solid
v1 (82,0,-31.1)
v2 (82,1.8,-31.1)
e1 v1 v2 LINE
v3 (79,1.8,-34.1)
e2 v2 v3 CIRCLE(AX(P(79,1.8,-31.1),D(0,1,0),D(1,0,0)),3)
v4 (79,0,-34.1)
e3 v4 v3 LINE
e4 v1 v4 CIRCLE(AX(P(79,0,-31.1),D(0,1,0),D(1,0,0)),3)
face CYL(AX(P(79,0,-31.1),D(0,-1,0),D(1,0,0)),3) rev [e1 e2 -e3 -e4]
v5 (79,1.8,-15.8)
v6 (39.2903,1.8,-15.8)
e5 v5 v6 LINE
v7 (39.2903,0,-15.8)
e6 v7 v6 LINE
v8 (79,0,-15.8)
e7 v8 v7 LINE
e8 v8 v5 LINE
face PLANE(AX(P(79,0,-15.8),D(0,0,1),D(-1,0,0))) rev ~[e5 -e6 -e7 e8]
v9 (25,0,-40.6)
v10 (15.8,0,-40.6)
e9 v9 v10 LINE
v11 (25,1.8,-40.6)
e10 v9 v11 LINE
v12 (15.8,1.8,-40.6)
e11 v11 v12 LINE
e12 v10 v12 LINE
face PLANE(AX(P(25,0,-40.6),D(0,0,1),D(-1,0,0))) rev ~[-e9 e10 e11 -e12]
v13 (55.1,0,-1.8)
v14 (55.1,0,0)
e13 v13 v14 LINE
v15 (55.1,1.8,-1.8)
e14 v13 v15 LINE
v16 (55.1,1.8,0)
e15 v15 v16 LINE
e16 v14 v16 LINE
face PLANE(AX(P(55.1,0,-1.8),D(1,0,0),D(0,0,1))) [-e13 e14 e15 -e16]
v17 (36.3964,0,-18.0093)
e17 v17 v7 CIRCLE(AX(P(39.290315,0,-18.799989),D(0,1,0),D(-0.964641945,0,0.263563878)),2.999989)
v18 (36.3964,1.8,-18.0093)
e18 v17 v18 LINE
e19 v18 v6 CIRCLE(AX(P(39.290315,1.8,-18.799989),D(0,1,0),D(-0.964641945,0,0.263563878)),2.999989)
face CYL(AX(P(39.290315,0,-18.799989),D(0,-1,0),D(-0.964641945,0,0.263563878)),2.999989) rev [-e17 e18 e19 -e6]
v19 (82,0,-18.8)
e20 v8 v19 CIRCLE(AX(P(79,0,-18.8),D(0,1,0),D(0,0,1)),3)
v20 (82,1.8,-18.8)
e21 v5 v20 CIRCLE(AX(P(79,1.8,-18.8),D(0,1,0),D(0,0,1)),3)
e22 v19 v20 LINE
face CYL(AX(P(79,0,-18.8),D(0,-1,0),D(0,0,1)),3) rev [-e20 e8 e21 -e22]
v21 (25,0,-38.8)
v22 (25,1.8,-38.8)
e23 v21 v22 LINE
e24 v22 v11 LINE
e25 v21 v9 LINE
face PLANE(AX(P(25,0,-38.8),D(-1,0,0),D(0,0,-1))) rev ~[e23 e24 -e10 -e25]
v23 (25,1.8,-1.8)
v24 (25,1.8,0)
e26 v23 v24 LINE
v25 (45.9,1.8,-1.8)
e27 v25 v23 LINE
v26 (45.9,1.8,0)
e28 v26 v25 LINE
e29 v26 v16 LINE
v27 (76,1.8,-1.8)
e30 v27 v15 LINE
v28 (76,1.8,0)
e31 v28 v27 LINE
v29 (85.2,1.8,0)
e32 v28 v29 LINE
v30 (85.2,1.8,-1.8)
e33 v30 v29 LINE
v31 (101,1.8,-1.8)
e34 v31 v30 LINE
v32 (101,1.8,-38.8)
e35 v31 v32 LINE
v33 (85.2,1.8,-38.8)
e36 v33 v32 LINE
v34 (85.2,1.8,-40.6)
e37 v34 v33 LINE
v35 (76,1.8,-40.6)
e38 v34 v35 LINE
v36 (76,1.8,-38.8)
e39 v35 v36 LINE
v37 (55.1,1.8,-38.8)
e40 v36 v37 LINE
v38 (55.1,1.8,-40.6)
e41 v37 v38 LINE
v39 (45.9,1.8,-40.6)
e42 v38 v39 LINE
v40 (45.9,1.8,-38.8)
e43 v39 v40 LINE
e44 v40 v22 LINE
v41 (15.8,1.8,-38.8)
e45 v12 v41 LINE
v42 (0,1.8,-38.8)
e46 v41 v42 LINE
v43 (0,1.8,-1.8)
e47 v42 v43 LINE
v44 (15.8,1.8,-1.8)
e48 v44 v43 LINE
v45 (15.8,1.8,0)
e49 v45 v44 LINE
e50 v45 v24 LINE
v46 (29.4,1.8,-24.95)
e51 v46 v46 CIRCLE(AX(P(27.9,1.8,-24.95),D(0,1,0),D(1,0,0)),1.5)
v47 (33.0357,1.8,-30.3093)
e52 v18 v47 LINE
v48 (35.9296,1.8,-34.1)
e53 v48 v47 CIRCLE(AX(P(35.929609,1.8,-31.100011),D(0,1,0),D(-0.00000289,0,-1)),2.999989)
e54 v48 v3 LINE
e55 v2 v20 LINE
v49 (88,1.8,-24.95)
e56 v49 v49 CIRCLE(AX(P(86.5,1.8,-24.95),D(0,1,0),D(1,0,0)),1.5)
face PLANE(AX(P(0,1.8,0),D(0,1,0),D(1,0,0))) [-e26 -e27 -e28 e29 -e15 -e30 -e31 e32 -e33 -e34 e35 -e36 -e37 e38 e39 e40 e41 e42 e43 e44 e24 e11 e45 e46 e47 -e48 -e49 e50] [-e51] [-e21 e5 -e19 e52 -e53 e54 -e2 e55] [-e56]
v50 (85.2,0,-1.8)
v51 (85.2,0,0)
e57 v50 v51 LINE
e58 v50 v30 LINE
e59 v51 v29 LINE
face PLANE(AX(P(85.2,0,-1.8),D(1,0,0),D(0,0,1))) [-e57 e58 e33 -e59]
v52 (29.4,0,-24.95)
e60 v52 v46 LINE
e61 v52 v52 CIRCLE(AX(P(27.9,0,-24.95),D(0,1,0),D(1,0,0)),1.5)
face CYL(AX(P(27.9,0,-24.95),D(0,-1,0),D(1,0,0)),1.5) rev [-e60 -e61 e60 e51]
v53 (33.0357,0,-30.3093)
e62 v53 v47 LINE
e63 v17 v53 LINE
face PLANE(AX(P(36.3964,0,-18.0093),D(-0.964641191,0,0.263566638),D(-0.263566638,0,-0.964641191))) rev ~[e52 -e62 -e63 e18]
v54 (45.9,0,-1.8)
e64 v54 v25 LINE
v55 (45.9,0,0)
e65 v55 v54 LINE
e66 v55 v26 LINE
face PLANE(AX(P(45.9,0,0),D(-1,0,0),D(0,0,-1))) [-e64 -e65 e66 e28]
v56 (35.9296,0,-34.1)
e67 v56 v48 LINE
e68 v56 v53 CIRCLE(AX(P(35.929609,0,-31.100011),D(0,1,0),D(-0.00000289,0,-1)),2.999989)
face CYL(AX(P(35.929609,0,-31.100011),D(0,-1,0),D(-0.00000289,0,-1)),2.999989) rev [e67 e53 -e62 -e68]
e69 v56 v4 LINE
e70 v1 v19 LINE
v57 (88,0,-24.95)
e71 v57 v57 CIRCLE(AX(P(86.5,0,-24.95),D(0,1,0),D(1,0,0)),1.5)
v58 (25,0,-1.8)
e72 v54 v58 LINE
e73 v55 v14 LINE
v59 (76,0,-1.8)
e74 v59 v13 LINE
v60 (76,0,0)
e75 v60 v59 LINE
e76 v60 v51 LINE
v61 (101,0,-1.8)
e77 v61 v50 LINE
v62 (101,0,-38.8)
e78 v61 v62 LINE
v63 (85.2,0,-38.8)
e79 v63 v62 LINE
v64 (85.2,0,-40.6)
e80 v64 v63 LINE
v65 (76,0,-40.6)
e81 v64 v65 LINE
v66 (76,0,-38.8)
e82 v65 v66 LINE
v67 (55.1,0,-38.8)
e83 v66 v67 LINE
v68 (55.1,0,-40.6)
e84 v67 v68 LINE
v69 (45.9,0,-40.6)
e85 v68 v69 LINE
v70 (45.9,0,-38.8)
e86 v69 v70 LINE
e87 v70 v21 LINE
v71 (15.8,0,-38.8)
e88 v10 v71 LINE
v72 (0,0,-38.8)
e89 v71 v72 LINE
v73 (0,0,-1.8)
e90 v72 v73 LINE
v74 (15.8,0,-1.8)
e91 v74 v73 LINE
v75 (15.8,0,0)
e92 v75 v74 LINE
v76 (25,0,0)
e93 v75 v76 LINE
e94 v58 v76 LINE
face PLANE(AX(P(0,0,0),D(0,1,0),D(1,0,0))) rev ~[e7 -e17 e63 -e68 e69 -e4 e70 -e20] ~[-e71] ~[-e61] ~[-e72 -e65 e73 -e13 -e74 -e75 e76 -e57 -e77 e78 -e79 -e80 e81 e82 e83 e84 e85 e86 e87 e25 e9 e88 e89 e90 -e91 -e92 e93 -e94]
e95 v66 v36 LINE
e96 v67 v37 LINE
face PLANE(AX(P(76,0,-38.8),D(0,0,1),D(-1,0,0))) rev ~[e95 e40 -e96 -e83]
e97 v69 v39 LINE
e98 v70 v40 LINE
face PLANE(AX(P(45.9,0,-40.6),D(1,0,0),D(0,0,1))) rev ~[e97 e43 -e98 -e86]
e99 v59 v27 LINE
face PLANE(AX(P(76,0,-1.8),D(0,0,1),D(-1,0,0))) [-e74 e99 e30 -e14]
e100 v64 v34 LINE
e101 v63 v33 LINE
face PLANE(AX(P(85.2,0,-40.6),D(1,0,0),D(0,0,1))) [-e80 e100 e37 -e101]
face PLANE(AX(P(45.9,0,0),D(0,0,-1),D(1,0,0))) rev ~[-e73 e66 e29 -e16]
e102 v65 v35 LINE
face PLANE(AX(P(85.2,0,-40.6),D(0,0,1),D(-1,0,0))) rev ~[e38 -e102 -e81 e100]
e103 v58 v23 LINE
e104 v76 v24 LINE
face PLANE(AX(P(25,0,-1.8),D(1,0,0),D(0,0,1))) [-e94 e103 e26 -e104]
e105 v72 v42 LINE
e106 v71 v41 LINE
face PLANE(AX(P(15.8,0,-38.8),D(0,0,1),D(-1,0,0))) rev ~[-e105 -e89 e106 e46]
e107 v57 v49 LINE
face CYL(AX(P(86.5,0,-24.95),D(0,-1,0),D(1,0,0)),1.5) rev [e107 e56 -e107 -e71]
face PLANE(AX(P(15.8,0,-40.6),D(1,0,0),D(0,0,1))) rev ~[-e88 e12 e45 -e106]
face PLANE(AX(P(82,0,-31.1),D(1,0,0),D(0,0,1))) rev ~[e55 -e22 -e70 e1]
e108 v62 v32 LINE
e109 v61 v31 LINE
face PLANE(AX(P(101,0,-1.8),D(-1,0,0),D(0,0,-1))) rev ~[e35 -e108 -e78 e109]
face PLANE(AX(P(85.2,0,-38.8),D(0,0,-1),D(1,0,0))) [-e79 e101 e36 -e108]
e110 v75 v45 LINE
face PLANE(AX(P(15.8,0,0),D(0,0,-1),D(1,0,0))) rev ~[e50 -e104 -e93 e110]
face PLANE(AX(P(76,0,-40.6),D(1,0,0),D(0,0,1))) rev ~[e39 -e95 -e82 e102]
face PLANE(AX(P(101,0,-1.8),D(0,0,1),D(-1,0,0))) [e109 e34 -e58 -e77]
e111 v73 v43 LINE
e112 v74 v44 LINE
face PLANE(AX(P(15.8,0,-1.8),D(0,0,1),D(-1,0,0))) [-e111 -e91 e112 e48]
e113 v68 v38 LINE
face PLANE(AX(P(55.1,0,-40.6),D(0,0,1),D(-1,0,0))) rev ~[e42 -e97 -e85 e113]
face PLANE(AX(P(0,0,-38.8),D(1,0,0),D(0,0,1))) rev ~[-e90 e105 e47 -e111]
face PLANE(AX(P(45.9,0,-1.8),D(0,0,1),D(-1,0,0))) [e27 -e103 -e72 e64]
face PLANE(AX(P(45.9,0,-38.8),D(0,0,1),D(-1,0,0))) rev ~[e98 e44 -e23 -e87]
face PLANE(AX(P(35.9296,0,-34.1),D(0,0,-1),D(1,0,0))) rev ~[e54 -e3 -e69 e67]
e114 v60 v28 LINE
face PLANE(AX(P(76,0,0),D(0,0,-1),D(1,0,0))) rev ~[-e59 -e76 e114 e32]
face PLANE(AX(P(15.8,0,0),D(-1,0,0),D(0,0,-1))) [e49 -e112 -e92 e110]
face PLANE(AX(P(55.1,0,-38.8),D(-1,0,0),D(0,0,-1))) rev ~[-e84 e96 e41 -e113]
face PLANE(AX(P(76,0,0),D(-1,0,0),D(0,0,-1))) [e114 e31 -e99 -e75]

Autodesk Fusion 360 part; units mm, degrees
sketch "Skizze1" plane through (0, 0, 0) normal (0, 1, 0) x (1, 0, 0)
  line L0 (0, 0) -> (101, 0)
  line L1 (101, 0) -> (101, 40.6)
  line L2 (101, 40.6) -> (0, 40.6)
  line L3 (0, 40.6) -> (0, 0)
  line L4 (0, 0) -> (15.8, 0)
  line L5 (15.8, 0) -> (15.8, 1.8)
  line L6 (15.8, 1.8) -> (0, 1.8)
  line L7 (0, 1.8) -> (0, 0)
  line L8 (25, 0) -> (45.9, 0)
  line L9 (45.9, 0) -> (45.9, 1.8)
  line L10 (45.9, 1.8) -> (25, 1.8)
  line L11 (25, 1.8) -> (25, 0)
  line L12 (55.1, 0) -> (76, 0)
  line L13 (76, 0) -> (76, 1.8)
  line L14 (76, 1.8) -> (55.1, 1.8)
  line L15 (55.1, 1.8) -> (55.1, 0)
  line L16 (85.2, 0) -> (101, 0)
  line L17 (101, 0) -> (101, 1.8)
  line L18 (101, 1.8) -> (85.2, 1.8)
  line L19 (85.2, 1.8) -> (85.2, 0)
  line L20 (0, 40.6) -> (15.8, 40.6)
  line L21 (15.8, 40.6) -> (15.8, 38.8)
  line L22 (15.8, 38.8) -> (0, 38.8)
  line L23 (0, 38.8) -> (0, 40.6)
  line L24 (25, 40.6) -> (45.9, 40.6)
  line L25 (45.9, 40.6) -> (45.9, 38.8)
  line L26 (45.9, 38.8) -> (25, 38.8)
  line L27 (25, 38.8) -> (25, 40.6)
  line L28 (55.1, 40.6) -> (76, 40.6)
  line L29 (76, 40.6) -> (76, 38.8)
  line L30 (76, 38.8) -> (55.1, 38.8)
  line L31 (55.1, 38.8) -> (55.1, 40.6)
  line L32 (101, 40.6) -> (85.2, 40.6)
  line L33 (85.2, 40.6) -> (85.2, 38.8)
  line L34 (85.2, 38.8) -> (101, 38.8)
  line L35 (101, 38.8) -> (101, 40.6)
  line L36 (35.9296, 34.1) -> (79, 34.1)
  line L37 (82, 31.1) -> (82, 18.8)
  line L38 (79, 15.8) -> (39.2903, 15.8)
  line L39 (32, 15.8) -> (32, 34.1)
  line L40 (36.3964, 18.0093) -> (33.0357, 30.3093)
  arc A0 (82, 31.1) -> (79, 34.1) centre (79, 31.1) ccw
  arc A1 (79, 15.8) -> (82, 18.8) centre (79, 18.8) ccw
  arc A2 (35.9296, 34.1) -> (33.0357, 30.3093) centre (35.9296, 31.1) ccw
  arc A3 (36.3964, 18.0093) -> (39.2903, 15.8) centre (39.2903, 18.8) ccw
  circle A4 centre (86.5, 24.95) radius 1.5
  circle A5 centre (27.9, 24.95) radius 1.5
  point P0 (82, 15.8)
  point P1 (37, 15.8)
  dimension "d1" = 101
  dimension "d2" = 40.6
  dimension "d3" = 15.8
  dimension "d4" = 1.8
  dimension "d6" = 1.8
  dimension "d7" = 9.2
  dimension "d8" = 45.9
  dimension "d9" = 1.8
  dimension "d10" = 9.2
  dimension "d14" = 15.8
  dimension "d15" = 9.2
  dimension "d16" = 15.8
  dimension "d17" = 1.8
  dimension "d18" = 1.8
  dimension "d19" = 9.2
  dimension "d20" = 45.9
  dimension "d22" = 15.8
  dimension "d23" = 1.8
  dimension "d24" = 9.2
  dimension "d25" = 9.2
  dimension "d28" = 18.3
  dimension "d29" = 50
  dimension "d30" = 14
  dimension "d31" = 19
  dimension "d32" = 45
  dimension "d33" = 3
  dimension "d34" = 3
  dimension "d35" = 3
  dimension "d36" = 3
  dimension "d37" = 3
  dimension "d38" = 3
  dimension "d39" = 58.6
  dimension "d40" = 9.15
  dimension "d41" = 9.15
  dimension "d42" = 4.5
extrude "Extrusion2" add sketch "Skizze1" along normal blind 1.8 contours L0 L1 L2 L3 L5 L6 L9 L10 L11 L13 L14 L15 L18 L19 L21 L22 L25 L26 L27 L29 L30 L31 L33 L34
